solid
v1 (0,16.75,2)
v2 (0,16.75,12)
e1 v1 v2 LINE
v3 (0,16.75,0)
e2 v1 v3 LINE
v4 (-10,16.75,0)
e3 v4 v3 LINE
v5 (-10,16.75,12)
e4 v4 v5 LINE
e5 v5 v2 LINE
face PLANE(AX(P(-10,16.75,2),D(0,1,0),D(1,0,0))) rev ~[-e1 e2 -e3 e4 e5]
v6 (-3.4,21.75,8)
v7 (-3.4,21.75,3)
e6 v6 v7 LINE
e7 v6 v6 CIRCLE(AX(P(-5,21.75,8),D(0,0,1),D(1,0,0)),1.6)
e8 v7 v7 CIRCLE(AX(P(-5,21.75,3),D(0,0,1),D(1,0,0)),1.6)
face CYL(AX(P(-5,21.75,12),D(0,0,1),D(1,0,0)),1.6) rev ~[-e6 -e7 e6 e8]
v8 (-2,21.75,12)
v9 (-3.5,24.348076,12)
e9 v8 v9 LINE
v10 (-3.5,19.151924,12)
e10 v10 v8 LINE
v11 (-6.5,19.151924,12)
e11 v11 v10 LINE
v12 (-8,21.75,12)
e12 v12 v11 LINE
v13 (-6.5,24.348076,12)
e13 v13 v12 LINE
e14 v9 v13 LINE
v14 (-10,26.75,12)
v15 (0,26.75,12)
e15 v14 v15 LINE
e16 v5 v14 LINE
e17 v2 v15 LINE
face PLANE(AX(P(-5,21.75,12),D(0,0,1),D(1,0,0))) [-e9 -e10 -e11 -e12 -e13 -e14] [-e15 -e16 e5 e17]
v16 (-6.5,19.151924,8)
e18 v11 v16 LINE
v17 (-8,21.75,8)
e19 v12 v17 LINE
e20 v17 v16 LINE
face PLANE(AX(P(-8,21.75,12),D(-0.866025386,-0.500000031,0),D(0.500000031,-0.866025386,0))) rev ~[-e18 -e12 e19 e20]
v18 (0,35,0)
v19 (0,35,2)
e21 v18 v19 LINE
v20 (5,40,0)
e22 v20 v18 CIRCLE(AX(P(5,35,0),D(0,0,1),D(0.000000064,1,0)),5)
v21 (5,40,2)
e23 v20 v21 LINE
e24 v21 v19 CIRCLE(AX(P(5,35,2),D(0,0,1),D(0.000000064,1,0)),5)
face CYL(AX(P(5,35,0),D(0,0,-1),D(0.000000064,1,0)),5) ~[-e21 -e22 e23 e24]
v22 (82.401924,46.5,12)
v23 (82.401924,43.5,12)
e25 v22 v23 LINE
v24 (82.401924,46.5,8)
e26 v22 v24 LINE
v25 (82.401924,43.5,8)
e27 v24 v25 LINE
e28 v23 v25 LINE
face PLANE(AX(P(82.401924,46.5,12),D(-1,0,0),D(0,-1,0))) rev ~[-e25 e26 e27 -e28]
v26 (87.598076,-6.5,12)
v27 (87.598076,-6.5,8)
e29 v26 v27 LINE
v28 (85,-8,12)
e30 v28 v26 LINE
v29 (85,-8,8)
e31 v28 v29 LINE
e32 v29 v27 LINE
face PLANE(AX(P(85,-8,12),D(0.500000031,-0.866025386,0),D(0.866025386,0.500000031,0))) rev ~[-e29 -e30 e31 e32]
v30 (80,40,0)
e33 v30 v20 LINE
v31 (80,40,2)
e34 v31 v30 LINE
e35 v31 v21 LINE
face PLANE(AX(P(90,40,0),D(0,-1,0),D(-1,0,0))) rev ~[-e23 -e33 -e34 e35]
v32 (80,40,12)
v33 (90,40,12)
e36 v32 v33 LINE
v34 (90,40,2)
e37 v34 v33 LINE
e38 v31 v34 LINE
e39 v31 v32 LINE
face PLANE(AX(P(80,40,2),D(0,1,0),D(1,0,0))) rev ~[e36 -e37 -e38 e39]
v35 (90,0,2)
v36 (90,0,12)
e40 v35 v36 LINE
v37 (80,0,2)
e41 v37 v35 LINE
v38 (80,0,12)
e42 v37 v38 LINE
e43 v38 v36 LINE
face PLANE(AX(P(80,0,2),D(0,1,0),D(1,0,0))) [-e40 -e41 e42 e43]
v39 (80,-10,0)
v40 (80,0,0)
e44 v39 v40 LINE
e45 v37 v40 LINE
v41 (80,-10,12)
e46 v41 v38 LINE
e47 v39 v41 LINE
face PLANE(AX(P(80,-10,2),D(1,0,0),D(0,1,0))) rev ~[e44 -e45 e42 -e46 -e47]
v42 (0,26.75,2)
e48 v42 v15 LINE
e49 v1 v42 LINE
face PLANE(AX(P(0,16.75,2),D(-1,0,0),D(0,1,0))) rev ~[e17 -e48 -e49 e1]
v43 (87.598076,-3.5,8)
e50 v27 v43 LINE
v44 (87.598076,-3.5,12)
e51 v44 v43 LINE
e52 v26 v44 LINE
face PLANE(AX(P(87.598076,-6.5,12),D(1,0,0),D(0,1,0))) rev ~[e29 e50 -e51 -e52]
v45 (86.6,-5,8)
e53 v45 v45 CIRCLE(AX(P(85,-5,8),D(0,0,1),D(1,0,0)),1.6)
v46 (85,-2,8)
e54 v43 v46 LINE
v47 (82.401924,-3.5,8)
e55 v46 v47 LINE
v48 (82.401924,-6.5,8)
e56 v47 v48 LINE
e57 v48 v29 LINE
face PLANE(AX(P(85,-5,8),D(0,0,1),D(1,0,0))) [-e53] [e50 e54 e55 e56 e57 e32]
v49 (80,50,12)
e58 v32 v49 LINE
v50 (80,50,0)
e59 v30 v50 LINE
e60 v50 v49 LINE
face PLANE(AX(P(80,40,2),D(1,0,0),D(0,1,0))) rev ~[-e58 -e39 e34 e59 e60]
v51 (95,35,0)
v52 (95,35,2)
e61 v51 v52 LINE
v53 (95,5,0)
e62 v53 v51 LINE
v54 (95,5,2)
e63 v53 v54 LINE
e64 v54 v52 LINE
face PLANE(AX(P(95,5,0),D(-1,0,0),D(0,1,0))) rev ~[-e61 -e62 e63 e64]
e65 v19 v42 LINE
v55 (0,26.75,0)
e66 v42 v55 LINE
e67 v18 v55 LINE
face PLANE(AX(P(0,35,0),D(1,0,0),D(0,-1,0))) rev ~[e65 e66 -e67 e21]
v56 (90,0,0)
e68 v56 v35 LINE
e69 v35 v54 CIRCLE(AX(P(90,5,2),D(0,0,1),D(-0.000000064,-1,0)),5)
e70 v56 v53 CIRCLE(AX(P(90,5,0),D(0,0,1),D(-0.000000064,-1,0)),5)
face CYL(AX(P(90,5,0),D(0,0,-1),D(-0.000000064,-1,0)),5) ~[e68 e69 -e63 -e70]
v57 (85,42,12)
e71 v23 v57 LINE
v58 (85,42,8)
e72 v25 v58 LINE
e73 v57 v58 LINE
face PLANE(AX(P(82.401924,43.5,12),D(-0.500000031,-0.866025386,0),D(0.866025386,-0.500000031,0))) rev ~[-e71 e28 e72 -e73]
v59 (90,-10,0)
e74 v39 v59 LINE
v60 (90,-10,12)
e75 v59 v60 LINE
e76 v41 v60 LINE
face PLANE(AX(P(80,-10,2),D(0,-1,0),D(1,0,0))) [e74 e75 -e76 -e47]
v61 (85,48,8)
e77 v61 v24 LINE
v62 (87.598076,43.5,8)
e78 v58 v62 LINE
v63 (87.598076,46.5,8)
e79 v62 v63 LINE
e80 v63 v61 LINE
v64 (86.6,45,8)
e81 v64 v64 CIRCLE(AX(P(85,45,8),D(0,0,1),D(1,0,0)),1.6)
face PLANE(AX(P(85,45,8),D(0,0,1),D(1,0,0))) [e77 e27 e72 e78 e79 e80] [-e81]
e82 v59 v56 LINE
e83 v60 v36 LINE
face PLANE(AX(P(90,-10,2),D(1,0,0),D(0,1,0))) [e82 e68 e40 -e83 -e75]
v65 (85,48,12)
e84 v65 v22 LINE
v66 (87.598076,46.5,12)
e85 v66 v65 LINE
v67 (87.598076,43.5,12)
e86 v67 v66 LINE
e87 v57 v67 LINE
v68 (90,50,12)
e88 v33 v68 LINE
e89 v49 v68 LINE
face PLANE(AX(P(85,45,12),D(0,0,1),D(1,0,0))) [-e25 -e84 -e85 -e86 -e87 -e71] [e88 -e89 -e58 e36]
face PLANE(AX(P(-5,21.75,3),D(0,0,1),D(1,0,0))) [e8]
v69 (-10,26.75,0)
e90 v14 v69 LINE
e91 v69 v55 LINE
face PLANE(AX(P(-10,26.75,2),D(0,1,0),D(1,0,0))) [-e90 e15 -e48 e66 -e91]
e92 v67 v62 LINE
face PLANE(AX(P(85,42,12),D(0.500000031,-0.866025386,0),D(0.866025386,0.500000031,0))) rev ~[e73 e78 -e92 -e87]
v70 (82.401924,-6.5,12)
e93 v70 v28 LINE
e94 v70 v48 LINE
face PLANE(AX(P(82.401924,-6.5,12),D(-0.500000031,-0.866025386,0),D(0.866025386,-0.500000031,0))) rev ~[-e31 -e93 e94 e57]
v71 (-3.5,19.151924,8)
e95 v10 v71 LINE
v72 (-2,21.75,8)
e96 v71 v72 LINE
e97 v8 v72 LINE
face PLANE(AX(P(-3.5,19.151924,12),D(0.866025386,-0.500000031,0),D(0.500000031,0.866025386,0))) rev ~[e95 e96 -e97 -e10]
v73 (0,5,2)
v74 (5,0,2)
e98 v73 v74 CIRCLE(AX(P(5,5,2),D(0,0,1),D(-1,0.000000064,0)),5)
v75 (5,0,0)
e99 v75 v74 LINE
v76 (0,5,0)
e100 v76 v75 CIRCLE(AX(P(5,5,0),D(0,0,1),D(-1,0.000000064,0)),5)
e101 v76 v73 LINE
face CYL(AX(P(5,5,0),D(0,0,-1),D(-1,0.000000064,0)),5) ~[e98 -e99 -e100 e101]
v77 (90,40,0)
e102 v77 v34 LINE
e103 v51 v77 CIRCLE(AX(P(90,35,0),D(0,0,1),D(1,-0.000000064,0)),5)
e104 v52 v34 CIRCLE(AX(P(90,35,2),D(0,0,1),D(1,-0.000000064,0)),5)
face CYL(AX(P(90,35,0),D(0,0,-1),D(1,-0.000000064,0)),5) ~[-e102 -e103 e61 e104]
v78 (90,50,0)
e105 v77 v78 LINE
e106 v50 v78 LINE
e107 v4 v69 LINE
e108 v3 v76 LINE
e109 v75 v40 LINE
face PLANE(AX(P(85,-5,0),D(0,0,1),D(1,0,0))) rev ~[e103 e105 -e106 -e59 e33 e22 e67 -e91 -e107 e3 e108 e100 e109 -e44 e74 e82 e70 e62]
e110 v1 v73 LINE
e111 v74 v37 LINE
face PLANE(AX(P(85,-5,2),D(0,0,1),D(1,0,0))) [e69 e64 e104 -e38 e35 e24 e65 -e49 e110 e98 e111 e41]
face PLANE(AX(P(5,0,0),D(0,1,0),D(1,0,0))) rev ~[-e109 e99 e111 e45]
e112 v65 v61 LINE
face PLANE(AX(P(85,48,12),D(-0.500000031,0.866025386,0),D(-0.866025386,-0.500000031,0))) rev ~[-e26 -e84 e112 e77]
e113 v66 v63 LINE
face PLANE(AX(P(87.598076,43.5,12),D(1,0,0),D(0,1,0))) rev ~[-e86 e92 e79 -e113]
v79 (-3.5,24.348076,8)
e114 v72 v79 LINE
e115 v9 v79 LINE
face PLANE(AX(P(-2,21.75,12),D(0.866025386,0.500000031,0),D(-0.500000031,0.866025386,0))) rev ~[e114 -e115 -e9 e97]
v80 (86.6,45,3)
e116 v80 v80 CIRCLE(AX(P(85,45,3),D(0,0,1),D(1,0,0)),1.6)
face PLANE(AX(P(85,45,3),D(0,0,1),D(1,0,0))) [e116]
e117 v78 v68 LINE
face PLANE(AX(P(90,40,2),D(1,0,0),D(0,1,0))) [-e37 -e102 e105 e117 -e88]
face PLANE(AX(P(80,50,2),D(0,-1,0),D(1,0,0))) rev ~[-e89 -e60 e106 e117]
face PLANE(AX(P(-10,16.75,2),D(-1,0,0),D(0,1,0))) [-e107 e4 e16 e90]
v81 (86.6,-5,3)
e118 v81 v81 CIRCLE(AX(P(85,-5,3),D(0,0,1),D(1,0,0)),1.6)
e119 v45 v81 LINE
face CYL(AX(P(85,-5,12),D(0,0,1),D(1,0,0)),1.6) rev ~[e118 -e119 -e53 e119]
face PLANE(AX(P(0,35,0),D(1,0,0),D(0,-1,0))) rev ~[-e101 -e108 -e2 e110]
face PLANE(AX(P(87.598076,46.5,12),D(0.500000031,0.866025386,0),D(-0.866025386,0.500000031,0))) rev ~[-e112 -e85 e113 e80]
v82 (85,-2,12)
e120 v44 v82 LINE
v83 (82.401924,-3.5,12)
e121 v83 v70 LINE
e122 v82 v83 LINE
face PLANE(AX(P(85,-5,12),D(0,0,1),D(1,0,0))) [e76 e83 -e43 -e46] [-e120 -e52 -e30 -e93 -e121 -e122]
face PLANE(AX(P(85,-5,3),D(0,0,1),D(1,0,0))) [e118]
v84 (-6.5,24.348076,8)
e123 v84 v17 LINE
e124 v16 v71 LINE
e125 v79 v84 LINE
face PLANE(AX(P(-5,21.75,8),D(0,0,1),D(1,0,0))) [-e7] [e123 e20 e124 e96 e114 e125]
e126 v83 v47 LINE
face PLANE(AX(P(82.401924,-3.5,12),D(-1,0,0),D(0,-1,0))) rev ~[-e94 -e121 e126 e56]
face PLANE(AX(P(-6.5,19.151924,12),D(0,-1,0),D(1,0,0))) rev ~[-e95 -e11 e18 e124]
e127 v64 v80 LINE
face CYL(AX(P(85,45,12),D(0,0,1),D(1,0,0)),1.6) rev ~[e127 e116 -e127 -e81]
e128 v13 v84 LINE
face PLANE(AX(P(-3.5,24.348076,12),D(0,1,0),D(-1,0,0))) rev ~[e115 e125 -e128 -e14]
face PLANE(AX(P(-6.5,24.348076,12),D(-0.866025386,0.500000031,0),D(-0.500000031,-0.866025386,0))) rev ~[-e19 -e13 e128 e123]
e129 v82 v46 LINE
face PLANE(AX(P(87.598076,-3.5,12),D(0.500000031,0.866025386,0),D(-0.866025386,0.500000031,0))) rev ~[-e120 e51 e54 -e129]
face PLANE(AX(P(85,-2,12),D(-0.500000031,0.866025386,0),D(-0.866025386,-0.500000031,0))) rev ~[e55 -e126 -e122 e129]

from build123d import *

# Parameters (mm, degrees)
PAD_DEPTH       = 2
SKETCH017_W     = 10
SKETCH017_H     = 10
PAD006_DEPTH    = 2
SKETCH018_W     = 10
SKETCH018_H     = 10
PAD007_DEPTH    = 10
SKETCH020_R     = 1.6
POCKET008_DEPTH = 9
POCKET009_DEPTH = 4


with BuildPart() as part:
    # Sketch → Pad (new body)
    with BuildSketch(Plane.XY):
        with BuildLine():
            Line((5, 0), (90, 0))
            ThreePointArc((90, 0), (93.535534, 1.464466), (95, 5))
            Line((95, 5), (95, 35))
            ThreePointArc((95, 35), (93.535534, 38.535534), (90, 40))
            Line((90, 40), (5, 40))
            ThreePointArc((5, 40), (1.464466, 38.535534), (0, 35))
            Line((0, 35), (0, 5))
            ThreePointArc((0, 5), (1.464466, 1.464466), (5, 0))
        make_face()
    extrude(amount=PAD_DEPTH)

    # Sketch017 (on Face10 of Pad) → Pad006 (join)
    with BuildSketch(Plane.XY.offset(2)):
        with Locations((-5, 21.75)):
            Rectangle(SKETCH017_W, SKETCH017_H)
        with Locations((85, -5)):
            Rectangle(SKETCH017_W, SKETCH017_H)
        with Locations((85, 45)):
            Rectangle(SKETCH017_W, SKETCH017_H)
    extrude(amount=-PAD006_DEPTH)

    # Sketch018 (on Face18 of Pad006) → Pad007 (join)
    with BuildSketch(Plane.XY.offset(2)):
        with Locations((-5, 21.75)):
            Rectangle(SKETCH018_W, SKETCH018_H)
        with Locations((85, -5)):
            Rectangle(SKETCH018_W, SKETCH018_H)
        with Locations((85, 45)):
            Rectangle(SKETCH018_W, SKETCH018_H)
    extrude(amount=PAD007_DEPTH)

    # Sketch020 (on Face29 of Pad007) → Pocket008 (cut)
    with BuildSketch(Plane.XY.offset(12)):
        with Locations((85, -5)):
            Circle(SKETCH020_R)
        with Locations((85, 45)):
            Circle(SKETCH020_R)
        with Locations((-5, 21.75)):
            Circle(SKETCH020_R)
    extrude(amount=-POCKET008_DEPTH, mode=Mode.SUBTRACT)

    # Sketch021 (on Face29 of Pocket008) → Pocket009 (cut)
    with BuildSketch(Plane.XY.offset(12)):
        Polygon((-3.5, 19.151924), (-2, 21.75), (-3.5, 24.348076), (-6.5, 24.348076), (-8, 21.75), (-6.5, 19.151924), align=None)
        Polygon((87.598076, 43.5), (87.598076, 46.5), (85, 48), (82.401924, 46.5), (82.401924, 43.5), (85, 42), align=None)
        Polygon((87.598076, -6.5), (87.598076, -3.5), (85, -2), (82.401924, -3.5), (82.401924, -6.5), (85, -8), align=None)
    extrude(amount=-POCKET009_DEPTH, mode=Mode.SUBTRACT)


solid = part.part
